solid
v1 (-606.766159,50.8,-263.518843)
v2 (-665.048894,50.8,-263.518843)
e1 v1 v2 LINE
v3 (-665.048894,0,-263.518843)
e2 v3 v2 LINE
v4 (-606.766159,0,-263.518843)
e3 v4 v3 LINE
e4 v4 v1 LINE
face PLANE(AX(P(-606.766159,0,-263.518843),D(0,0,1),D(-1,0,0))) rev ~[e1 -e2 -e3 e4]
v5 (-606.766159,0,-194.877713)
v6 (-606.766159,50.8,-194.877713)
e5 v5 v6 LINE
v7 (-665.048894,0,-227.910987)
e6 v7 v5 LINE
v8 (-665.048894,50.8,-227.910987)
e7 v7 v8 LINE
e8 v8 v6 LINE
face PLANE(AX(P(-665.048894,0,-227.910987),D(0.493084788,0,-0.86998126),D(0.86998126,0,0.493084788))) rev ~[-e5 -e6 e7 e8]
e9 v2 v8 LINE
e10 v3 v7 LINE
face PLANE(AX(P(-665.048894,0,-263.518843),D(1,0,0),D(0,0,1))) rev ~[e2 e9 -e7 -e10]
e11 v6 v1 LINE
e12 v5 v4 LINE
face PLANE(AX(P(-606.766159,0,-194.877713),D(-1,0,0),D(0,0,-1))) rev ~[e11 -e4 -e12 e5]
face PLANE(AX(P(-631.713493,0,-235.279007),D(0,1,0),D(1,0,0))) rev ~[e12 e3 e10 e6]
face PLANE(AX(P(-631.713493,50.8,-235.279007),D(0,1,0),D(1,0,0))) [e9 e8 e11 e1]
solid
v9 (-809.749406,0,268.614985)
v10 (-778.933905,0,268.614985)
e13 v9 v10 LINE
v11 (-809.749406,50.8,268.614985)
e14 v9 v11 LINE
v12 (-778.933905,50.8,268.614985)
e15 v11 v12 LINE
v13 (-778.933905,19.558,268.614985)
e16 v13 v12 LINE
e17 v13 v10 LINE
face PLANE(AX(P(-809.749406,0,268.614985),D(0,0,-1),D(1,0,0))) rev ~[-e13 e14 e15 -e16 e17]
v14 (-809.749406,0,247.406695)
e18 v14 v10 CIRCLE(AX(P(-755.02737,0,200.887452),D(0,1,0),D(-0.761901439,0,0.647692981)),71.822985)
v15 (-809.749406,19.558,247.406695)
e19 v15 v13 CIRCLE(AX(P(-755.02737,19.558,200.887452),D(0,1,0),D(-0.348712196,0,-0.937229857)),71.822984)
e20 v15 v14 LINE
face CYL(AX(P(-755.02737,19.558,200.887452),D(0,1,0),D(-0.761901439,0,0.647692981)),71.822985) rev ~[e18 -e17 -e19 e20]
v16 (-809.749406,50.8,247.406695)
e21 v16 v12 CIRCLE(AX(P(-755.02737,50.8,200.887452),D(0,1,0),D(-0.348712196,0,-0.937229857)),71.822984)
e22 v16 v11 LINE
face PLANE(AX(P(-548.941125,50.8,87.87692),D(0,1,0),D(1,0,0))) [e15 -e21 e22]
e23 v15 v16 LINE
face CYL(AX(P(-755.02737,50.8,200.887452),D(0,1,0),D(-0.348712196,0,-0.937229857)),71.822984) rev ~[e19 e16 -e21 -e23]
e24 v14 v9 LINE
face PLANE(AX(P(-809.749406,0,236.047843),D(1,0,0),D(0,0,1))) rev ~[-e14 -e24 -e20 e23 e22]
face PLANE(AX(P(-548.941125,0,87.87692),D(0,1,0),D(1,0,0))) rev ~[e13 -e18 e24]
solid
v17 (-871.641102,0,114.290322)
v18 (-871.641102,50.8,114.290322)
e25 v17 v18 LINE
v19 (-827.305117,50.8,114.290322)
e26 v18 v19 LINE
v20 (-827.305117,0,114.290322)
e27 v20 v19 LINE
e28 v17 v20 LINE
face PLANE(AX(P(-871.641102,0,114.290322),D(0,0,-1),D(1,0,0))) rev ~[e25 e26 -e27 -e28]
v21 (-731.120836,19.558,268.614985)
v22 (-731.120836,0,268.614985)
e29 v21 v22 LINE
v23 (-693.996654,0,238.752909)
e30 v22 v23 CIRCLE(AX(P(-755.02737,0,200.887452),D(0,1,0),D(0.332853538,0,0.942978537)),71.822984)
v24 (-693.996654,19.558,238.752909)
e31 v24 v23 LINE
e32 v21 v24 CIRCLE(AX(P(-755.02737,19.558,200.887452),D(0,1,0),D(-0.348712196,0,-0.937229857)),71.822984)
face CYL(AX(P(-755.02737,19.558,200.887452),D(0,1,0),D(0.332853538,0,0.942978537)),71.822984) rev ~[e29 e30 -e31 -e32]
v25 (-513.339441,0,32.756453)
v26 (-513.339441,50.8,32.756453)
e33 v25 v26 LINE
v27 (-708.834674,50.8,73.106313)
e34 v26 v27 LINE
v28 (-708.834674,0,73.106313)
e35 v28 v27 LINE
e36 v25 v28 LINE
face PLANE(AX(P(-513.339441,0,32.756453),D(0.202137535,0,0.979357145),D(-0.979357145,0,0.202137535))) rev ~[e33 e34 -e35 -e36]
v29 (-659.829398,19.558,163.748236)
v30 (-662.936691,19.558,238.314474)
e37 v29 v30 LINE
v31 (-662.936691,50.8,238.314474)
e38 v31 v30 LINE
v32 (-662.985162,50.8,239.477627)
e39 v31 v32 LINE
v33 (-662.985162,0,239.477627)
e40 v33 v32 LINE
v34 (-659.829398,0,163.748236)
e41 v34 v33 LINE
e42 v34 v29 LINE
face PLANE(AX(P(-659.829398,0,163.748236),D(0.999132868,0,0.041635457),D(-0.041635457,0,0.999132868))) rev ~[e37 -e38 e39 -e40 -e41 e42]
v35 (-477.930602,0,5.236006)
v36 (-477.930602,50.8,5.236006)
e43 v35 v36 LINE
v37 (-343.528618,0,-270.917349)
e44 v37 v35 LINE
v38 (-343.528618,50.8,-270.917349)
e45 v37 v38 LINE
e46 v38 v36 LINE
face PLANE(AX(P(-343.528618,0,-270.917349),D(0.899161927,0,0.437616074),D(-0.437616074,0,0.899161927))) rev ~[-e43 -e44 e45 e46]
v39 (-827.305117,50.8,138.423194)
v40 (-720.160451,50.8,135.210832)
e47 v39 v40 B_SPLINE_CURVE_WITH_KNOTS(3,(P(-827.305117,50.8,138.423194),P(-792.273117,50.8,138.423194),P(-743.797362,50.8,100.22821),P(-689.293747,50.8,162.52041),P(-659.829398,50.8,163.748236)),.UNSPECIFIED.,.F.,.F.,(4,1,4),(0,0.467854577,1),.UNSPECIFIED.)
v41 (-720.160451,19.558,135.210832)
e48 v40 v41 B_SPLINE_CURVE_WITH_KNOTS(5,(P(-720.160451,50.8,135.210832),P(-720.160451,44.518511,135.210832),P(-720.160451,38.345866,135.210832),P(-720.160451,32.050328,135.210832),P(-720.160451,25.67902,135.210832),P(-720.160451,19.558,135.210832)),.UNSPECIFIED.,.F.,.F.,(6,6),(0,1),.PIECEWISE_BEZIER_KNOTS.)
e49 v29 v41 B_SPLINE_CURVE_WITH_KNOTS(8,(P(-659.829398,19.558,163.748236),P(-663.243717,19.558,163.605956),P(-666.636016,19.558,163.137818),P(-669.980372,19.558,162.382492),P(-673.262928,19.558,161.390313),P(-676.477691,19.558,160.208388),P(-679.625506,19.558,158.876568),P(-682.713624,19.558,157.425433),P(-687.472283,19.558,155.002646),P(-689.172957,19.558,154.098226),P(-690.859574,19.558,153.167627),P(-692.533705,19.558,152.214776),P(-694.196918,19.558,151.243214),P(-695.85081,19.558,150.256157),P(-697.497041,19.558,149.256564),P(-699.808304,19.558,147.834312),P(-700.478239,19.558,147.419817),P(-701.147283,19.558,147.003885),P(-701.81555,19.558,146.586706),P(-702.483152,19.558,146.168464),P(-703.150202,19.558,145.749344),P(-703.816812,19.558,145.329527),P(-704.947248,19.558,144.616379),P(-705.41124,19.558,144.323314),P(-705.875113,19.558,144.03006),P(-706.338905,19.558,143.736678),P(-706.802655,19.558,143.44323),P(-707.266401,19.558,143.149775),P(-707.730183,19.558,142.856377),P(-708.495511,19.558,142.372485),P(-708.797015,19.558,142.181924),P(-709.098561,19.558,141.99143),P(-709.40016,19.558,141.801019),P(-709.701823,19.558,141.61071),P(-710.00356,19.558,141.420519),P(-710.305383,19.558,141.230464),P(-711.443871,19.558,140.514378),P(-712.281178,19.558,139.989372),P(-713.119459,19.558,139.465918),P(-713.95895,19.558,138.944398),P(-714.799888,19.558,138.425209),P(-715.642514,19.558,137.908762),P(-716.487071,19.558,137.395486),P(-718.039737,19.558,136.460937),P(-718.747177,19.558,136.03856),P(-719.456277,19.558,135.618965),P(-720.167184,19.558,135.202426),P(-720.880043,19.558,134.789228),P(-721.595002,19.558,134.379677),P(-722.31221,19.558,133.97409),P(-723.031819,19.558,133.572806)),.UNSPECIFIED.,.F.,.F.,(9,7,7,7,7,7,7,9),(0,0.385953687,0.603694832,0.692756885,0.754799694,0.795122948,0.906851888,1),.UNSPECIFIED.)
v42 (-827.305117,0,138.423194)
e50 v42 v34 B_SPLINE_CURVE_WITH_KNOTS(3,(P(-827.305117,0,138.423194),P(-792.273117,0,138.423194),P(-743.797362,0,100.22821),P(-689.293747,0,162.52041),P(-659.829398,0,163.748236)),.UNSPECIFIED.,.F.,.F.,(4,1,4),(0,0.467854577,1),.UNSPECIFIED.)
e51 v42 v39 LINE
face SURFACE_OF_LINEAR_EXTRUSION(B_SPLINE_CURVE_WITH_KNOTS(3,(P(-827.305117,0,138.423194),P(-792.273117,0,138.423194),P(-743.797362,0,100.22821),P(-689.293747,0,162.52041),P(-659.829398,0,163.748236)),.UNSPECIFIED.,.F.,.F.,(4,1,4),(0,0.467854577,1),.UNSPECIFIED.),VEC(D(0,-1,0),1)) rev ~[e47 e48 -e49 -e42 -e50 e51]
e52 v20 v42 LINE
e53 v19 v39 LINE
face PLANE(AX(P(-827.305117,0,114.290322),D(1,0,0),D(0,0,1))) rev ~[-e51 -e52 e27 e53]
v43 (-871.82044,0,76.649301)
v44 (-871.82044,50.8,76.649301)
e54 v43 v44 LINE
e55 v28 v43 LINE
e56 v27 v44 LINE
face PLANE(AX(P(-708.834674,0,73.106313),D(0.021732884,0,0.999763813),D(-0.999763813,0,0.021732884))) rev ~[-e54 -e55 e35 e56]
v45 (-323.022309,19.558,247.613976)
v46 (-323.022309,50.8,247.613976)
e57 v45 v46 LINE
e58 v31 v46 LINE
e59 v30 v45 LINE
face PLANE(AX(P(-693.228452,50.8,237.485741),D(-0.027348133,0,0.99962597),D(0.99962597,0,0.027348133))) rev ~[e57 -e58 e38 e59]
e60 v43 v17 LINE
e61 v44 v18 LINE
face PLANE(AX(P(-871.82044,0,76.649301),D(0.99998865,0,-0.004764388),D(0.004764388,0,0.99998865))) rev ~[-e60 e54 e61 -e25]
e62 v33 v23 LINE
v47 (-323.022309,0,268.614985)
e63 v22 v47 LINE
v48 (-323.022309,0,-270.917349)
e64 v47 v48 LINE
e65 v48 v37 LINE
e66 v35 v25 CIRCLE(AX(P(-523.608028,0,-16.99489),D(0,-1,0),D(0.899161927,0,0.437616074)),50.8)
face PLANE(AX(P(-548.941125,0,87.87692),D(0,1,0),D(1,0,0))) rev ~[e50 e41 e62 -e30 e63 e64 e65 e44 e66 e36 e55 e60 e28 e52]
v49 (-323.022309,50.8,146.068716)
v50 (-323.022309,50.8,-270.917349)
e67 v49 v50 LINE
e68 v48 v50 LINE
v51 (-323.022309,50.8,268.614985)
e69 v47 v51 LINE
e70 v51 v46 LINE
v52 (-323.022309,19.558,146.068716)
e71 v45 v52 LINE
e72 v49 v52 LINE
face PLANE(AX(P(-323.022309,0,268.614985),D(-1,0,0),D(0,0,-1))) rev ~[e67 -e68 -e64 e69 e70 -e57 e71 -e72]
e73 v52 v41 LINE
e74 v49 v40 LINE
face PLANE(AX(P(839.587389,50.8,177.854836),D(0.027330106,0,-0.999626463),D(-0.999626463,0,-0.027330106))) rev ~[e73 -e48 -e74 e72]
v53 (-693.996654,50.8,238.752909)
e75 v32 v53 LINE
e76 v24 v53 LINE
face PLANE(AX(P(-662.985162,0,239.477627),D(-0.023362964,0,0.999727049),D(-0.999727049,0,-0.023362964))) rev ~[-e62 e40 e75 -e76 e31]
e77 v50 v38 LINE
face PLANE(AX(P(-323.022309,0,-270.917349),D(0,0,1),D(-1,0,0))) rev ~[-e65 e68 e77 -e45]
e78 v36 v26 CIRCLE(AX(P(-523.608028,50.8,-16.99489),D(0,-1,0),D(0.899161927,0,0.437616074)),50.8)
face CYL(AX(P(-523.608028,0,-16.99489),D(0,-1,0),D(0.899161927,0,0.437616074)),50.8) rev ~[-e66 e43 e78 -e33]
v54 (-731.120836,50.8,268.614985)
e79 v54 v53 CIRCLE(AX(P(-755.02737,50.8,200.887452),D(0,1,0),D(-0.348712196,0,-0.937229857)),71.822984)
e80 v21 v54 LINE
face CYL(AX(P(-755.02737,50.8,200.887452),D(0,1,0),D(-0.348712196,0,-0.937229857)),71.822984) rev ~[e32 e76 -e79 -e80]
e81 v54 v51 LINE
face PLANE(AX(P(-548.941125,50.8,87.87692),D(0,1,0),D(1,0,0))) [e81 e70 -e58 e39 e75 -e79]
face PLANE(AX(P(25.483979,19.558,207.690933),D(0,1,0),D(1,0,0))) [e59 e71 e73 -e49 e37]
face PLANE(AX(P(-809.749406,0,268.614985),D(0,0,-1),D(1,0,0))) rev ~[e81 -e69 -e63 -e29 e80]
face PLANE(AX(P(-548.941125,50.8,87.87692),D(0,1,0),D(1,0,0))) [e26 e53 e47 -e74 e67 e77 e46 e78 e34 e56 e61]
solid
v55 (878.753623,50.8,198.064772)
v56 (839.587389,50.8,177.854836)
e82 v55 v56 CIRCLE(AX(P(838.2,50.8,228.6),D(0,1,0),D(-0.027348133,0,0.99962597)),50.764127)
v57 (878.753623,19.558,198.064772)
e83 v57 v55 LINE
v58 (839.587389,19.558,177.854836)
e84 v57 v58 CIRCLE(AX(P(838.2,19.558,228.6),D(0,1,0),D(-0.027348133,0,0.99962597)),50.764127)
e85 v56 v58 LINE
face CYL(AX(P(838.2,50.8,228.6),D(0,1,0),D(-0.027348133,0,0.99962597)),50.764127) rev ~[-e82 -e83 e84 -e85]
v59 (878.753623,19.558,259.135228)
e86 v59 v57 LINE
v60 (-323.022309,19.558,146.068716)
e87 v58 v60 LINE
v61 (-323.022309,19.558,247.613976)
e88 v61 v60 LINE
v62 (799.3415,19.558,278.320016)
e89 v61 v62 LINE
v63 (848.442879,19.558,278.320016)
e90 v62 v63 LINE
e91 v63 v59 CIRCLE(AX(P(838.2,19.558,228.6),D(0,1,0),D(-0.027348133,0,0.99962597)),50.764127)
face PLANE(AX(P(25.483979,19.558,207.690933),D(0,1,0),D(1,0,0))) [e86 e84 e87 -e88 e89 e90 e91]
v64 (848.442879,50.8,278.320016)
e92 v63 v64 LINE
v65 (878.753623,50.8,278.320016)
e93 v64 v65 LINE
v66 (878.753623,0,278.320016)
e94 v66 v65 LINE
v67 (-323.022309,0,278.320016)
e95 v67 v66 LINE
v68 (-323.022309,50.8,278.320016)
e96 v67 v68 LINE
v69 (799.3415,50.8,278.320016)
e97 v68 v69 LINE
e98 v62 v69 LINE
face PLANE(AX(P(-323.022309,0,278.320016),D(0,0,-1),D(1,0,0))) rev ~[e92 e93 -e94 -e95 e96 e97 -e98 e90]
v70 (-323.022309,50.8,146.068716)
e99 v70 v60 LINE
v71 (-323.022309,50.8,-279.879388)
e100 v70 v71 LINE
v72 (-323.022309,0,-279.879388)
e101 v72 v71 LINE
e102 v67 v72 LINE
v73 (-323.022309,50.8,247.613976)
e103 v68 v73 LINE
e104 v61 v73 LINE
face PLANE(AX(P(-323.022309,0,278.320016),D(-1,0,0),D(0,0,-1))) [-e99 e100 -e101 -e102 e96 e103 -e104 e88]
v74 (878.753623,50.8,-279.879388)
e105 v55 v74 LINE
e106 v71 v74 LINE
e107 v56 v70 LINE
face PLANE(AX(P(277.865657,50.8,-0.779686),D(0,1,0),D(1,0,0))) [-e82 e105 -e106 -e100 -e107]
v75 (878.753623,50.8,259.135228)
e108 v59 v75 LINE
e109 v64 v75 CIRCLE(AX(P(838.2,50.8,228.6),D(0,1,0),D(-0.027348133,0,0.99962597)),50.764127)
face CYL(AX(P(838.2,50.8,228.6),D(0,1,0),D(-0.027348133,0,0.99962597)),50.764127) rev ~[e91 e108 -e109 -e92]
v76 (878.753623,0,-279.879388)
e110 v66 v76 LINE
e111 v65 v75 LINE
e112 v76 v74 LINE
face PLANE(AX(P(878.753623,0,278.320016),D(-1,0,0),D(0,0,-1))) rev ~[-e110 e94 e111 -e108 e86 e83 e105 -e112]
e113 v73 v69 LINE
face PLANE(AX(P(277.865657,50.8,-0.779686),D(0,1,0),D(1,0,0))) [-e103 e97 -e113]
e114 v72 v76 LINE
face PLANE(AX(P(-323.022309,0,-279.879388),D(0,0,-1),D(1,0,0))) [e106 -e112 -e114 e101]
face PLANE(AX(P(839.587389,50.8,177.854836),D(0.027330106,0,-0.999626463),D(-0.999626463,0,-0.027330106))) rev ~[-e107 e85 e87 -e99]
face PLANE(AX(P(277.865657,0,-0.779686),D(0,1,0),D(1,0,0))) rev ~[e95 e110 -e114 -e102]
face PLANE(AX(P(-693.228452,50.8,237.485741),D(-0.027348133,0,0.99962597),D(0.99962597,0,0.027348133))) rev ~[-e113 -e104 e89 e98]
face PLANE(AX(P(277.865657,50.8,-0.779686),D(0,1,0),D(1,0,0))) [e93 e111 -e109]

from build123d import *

# Parameters (mm, degrees)
BOSS_EXTRUDE1_DEPTH   = 50.8
BOSS_EXTRUDE1_2_DEPTH = 50.8
SKETCH2_W             = 1201.775932767
SKETCH2_H             = 558.199404441
BOSS_EXTRUDE2_DEPTH   = 50.8
CUT_EXTRUDE1_START    = 50.8
CUT_EXTRUDE1_DEPTH    = 31.242
CUT_EXTRUDE2_DEPTH    = 34.544


with BuildPart() as part:
    # Sketch1 → Boss-Extrude1 (new body)
    with BuildSketch(Plane(origin=(0, 0, 0), x_dir=(1, 0, 0), z_dir=(0, 1, 0))):
        with BuildLine():
            Line((-871.820440323, -76.649300831), (-871.641101875, -114.290321726))
            Line((-871.641101875, -114.290321726), (-827.305117277, -114.290321726))
            Line((-827.305117277, -114.290321726), (-827.305117277, -138.423193725))
            add(Edge.make_bspline(
                [(-827.305117277, -138.423193725), (-792.273117361, -138.423193725), (-743.797362049, -100.228210329), (-689.293747089, -162.520410056), (-659.829397565, -163.748236388)],
                knots=[0, 0, 0, 0, 0.467854577, 1, 1, 1, 1], degree=3))
            Line((-659.829397565, -163.748236388), (-662.985161767, -239.477626694))
            Line((-662.985161767, -239.477626694), (-809.749405531, -236.047842805))
            Line((-809.749405531, -236.047842805), (-809.749405531, -268.614984646))
            Line((-809.749405531, -268.614984646), (-323.022309341, -268.614984646))
            Line((-323.022309341, -268.614984646), (-323.022309341, 270.917349392))
            Line((-323.022309341, 270.917349392), (-343.528617531, 270.917349392))
            Line((-343.528617531, 270.917349392), (-477.930602029, -5.236006151))
            ThreePointArc((-477.930602029, -5.236006151), (-492.433794564, -23.115048161), (-513.339441144, -32.756452519))
            Line((-513.339441144, -32.756452519), (-708.834673801, -73.106313327))
            Line((-708.834673801, -73.106313327), (-871.820440323, -76.649300831))
        make_face()
    extrude(amount=BOSS_EXTRUDE1_DEPTH)


with BuildPart() as body_2:
    # Sketch1 → Boss-Extrude1 2 (new body)
    with BuildSketch(Plane(origin=(0, 0, 0), x_dir=(1, 0, 0), z_dir=(0, 1, 0))):
        Polygon((-606.766159206, 194.877712853), (-606.766159206, 263.51884305), (-665.048893777, 263.51884305), (-665.048893777, 227.910987393), align=None)
    extrude(amount=BOSS_EXTRUDE1_2_DEPTH)


with BuildPart() as body_3:
    # Sketch2 → Boss-Extrude2 (new body)
    with BuildSketch(Plane(origin=(0, 0, 0), x_dir=(1, 0, 0), z_dir=(0, 1, 0))):
        with Locations((277.865657043, 0.779686246)):
            Rectangle(SKETCH2_W, SKETCH2_H)
    extrude(amount=BOSS_EXTRUDE2_DEPTH)


with BuildPart() as cut_extrude1_tool:
    # Sketch4 → Cut-Extrude1 (new body)
    with BuildSketch(Plane(origin=(0, 0, 0), x_dir=(1, 0, 0), z_dir=(0, 1, 0)).offset(CUT_EXTRUDE1_START)):
        with BuildLine():
            Line((839.587388975, -177.854835662), (-780.072920894, -133.572806287))
            ThreePointArc((-780.072920894, -133.572806287), (-810.137959334, -246.945720049), (-693.228451964, -237.485741316))
            Line((-693.228451964, -237.485741316), (836.811695918, -279.34513931))
            ThreePointArc((836.811695918, -279.34513931), (888.945151826, -229.987846529), (839.587388975, -177.854835662))
        make_face()
    extrude(amount=-CUT_EXTRUDE1_DEPTH)


with BuildPart() as part_1:
    add(part.part)

    # Cut-Extrude1: cut by cut_extrude1_tool
    add(cut_extrude1_tool.part, mode=Mode.SUBTRACT)

    # Sketch5 → Cut-Extrude2 (cut)
    with BuildSketch(Plane(origin=(0, 19.558, 0), x_dir=(1, 0, 0), z_dir=(0, 1, 0))):
        with BuildLine():
            Line((-809.749405531, -236.047842805), (-809.749405531, -247.406694678))
            ThreePointArc((-809.749405531, -247.406694678), (-795.746664079, -260.052308022), (-778.933904815, -268.614984646))
            Line((-778.933904815, -268.614984646), (-731.120835745, -268.614984646))
            ThreePointArc((-731.120835745, -268.614984646), (-710.010484249, -256.851914378), (-693.996654331, -238.752908501))
            Line((-693.996654331, -238.752908501), (-809.749405531, -236.047842805))
        make_face()
    extrude(amount=-CUT_EXTRUDE2_DEPTH, mode=Mode.SUBTRACT)


with BuildPart() as body_3_1:
    add(body_3.part)

    # Cut-Extrude1: cut by cut_extrude1_tool
    add(cut_extrude1_tool.part, mode=Mode.SUBTRACT)


with BuildPart() as cut_extrude2_piece_1:
    # of the separate pieces the step leaves, piece 1, a body of its own (cut_extrude2_pieces)
    add(part_1.part.solids().sort_by_distance((-871.820440323, 0, 76.649300831))[0])


with BuildPart() as cut_extrude2_piece_2:
    # of the separate pieces the step leaves, piece 2, a body of its own (cut_extrude2_pieces)
    add(part_1.part.solids().sort_by_distance((-809.749405531, 0, 247.406694678))[0])


solid = Compound([body_2.part, body_3_1.part, cut_extrude2_piece_1.part, cut_extrude2_piece_2.part])
